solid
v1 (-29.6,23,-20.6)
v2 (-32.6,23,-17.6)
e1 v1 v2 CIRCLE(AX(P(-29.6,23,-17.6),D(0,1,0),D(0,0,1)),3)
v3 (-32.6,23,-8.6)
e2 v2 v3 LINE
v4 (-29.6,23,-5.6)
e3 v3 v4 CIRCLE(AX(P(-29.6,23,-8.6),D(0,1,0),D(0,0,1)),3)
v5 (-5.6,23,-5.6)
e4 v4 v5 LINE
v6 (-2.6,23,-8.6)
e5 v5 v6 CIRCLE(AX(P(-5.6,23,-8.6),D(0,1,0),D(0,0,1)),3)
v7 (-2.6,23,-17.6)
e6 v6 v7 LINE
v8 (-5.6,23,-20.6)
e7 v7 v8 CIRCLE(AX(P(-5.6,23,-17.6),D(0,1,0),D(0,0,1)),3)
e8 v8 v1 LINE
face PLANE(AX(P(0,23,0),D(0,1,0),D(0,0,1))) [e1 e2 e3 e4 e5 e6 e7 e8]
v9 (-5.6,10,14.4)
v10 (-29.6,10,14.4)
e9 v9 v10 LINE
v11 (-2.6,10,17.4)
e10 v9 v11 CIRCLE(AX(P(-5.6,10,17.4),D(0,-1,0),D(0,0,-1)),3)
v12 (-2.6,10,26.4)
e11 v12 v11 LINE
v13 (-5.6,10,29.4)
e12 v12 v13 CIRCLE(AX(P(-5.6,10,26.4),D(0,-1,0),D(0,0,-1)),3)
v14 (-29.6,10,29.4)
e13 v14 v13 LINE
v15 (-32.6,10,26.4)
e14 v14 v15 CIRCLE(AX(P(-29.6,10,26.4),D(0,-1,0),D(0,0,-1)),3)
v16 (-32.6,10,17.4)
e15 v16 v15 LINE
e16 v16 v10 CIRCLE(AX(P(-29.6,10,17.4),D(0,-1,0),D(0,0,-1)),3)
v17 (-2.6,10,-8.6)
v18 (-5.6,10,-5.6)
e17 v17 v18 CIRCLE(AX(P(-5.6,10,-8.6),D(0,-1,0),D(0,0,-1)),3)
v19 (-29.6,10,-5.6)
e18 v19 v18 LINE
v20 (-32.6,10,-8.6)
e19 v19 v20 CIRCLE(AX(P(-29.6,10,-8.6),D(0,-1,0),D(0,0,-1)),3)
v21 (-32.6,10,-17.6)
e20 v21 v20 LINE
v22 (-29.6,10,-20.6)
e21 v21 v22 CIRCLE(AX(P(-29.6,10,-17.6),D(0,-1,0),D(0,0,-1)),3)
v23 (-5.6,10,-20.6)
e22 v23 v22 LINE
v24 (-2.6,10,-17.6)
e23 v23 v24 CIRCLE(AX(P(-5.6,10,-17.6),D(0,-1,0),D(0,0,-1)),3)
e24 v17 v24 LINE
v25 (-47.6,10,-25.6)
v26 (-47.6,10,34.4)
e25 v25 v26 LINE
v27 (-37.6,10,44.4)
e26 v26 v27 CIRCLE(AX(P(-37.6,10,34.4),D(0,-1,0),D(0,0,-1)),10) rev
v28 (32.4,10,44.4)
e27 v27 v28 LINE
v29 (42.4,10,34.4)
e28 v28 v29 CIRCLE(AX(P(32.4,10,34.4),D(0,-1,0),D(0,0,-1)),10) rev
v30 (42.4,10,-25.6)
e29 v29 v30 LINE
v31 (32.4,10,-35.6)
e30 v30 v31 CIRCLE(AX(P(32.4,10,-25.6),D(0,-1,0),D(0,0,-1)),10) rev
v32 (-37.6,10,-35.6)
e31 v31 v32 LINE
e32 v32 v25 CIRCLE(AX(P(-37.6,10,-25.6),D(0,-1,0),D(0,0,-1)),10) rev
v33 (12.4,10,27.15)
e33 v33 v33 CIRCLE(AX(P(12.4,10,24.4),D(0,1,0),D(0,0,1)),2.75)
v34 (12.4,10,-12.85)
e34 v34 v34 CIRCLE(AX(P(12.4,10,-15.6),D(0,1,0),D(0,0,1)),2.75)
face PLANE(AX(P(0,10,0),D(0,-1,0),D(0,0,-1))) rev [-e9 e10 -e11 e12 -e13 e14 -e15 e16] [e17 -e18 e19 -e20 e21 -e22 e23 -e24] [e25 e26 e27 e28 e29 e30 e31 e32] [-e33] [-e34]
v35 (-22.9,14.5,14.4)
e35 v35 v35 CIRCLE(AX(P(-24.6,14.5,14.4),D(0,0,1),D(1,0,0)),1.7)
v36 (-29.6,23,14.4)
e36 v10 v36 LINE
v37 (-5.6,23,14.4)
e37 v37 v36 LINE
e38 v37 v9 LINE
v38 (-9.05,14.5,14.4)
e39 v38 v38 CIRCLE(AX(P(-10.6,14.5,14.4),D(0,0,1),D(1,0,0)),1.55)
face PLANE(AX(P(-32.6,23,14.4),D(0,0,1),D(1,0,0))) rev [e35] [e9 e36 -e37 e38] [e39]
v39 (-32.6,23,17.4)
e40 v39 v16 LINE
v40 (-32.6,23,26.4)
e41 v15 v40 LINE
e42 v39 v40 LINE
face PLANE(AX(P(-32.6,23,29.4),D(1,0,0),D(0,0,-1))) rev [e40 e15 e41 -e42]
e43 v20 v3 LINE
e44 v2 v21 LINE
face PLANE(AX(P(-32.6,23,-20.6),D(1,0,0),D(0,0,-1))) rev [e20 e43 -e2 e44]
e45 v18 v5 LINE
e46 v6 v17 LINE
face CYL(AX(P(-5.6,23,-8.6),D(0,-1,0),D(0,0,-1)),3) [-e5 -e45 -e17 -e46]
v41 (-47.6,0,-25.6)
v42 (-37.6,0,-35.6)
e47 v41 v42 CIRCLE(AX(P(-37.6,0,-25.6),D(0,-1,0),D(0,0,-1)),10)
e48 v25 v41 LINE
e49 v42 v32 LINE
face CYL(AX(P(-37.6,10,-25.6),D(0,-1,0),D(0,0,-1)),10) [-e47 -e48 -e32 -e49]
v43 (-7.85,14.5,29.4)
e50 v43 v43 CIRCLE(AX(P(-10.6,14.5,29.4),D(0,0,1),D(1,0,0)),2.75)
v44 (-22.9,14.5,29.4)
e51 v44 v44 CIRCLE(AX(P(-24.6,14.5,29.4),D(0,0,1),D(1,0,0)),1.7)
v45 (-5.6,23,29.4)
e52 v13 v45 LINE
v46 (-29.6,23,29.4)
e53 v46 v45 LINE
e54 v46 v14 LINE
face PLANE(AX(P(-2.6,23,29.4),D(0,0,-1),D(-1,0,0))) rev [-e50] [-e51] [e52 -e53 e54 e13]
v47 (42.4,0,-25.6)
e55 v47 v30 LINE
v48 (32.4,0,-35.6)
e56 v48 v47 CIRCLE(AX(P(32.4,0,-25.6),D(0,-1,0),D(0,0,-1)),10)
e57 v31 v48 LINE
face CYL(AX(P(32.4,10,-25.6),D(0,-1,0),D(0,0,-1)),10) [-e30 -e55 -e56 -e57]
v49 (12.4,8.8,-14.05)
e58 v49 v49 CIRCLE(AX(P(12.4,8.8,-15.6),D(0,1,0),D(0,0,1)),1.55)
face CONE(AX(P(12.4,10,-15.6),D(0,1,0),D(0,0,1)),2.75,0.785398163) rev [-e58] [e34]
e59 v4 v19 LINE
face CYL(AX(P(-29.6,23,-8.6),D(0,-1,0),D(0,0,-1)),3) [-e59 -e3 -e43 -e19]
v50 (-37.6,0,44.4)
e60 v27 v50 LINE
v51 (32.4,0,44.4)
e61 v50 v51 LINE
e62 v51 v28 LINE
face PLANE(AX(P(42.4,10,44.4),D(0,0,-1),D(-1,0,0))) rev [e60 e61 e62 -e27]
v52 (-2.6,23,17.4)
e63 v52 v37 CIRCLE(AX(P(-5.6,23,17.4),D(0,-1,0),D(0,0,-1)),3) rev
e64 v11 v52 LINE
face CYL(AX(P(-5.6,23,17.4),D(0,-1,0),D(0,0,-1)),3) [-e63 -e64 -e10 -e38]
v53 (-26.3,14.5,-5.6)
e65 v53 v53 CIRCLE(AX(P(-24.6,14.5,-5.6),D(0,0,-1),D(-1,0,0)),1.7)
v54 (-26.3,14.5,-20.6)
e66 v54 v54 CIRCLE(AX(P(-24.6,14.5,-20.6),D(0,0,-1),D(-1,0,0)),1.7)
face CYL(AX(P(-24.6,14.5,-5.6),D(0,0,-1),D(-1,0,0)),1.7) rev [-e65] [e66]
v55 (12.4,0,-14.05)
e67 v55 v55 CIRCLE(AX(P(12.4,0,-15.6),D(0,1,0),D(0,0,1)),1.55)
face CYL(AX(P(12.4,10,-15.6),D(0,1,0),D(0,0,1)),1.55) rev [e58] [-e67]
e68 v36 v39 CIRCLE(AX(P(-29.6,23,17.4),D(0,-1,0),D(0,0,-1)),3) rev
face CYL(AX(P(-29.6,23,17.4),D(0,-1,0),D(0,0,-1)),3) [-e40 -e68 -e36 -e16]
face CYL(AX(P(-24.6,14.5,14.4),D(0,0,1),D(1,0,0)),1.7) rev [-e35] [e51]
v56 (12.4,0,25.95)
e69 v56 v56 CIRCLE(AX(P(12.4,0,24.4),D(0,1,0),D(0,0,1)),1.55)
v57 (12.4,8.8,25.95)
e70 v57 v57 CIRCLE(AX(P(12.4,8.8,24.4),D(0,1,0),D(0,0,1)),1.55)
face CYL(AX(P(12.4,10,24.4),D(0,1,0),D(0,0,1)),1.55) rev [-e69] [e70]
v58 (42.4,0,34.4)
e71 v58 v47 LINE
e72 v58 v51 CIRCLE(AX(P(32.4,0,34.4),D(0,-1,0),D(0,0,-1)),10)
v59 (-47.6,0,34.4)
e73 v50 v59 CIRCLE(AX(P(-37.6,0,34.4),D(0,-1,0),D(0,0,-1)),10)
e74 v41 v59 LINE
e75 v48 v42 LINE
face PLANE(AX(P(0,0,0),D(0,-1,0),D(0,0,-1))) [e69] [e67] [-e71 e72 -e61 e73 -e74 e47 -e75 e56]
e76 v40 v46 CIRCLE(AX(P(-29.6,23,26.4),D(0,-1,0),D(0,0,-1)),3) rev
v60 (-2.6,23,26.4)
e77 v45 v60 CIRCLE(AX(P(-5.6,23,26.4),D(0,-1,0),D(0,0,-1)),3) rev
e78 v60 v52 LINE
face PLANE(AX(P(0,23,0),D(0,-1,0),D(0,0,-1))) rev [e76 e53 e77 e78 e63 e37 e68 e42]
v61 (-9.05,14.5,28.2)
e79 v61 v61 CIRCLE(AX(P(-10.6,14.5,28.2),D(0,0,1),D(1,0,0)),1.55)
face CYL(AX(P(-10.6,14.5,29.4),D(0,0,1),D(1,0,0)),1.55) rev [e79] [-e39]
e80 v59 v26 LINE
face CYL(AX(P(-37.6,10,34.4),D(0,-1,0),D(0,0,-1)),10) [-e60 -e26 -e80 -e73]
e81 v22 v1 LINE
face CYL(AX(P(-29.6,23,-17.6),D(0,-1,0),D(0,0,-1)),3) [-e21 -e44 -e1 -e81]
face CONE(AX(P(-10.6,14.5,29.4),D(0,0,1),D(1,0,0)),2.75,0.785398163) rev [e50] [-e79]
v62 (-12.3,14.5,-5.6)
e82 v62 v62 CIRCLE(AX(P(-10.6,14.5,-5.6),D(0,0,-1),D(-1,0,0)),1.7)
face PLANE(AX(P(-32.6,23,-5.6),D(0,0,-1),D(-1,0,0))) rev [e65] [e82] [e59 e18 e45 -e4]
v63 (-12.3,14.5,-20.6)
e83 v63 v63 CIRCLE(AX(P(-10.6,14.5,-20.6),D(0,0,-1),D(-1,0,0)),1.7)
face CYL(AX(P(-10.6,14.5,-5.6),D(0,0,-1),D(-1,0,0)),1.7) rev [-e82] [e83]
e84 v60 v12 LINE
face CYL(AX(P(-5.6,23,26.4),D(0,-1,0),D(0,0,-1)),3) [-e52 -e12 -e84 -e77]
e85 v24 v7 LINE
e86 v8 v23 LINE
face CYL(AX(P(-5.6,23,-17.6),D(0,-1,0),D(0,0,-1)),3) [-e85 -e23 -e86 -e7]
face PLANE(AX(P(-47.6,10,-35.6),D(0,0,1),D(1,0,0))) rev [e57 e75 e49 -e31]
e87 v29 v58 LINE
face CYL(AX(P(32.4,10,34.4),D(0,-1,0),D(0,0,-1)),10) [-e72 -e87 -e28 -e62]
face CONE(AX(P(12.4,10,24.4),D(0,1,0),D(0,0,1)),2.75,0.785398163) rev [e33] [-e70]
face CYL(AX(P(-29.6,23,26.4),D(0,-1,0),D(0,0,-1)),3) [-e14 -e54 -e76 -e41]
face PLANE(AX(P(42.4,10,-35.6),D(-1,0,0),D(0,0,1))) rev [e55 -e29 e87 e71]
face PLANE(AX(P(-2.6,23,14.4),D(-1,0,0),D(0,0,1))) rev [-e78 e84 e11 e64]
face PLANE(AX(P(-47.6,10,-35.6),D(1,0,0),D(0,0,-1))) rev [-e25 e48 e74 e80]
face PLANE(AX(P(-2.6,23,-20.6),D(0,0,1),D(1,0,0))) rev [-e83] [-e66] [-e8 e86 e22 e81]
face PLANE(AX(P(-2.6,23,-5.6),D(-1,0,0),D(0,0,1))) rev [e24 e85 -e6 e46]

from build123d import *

# Parameters (mm, degrees)
SCHIZZO1_W                               = 90
SCHIZZO1_H                               = 80
ESTRUSIONE_ESTRUSIONE1_DEPTH             = 10
RACCORDO1_R                              = 10
FORO_SVASATO_PER_VITE_M2_5_1_D           = 3.1
FORO_SVASATO_PER_VITE_M2_5_1_CSINK_D     = 5.5
FORO_SVASATO_PER_VITE_M2_5_1_CSINK_ANGLE = 90
SCHIZZO4_W                               = 30
SCHIZZO4_H                               = 15
ESTRUSIONE_ESTRUSIONE2_DEPTH             = 13
FORO_SVASATO_PER_VITE_M2_5_2_D           = 3.1
FORO_SVASATO_PER_VITE_M2_5_2_DEPTH       = 15
FORO_SVASATO_PER_VITE_M2_5_2_CSINK_D     = 5.5
FORO_SVASATO_PER_VITE_M2_5_2_CSINK_ANGLE = 90
FORO_SVASATO_PER_VITE_M2_5_2_TIP         = 0.931333959
RACCORDO2_R                              = 3
SCHIZZO5_R                               = 1.7
TAGLIO_ESTRUSIONE4_DEPTH                 = 15
TAGLIO_ESTRUSIONE5_START                 = -15
SCHIZZO6_R                               = 1.7
TAGLIO_ESTRUSIONE5_DEPTH                 = 15


with BuildPart() as part:
    # Schizzo1 → Estrusione-Estrusione1 (new body)
    with BuildSketch(Plane(origin=(0, 0, 0), x_dir=(1, 0, 0), z_dir=(0, 1, 0))):
        with Locations((-2.6, -4.4)):
            Rectangle(SCHIZZO1_W, SCHIZZO1_H)
    extrude(amount=ESTRUSIONE_ESTRUSIONE1_DEPTH)

    # Raccordo1
    raccordo1_edges = [part.edges().sort_by_distance(p)[0] for p in [
        (42.4, 5, -35.6),
        (42.4, 5, 44.4),
        (-47.6, 5, 44.4),
        (-47.6, 5, -35.6),
    ]]
    fillet(raccordo1_edges, radius=RACCORDO1_R)

    # Foro svasato per Vite M2.5-1 (through all)
    with Locations(Plane(origin=(12.4, 10, -15.6), x_dir=(0, 0, 1), z_dir=(0, 1, 0))):
        with Locations((0, 0), (40, 0)):
            CounterSinkHole(FORO_SVASATO_PER_VITE_M2_5_1_D / 2, FORO_SVASATO_PER_VITE_M2_5_1_CSINK_D / 2, counter_sink_angle=FORO_SVASATO_PER_VITE_M2_5_1_CSINK_ANGLE)

    # Schizzo4 → Estrusione-Estrusione2 (add)
    with BuildSketch(Plane(origin=(0, 10, 0), x_dir=(1, 0, 0), z_dir=(0, 1, 0))):
        with Locations((-17.6, 13.1)):
            Rectangle(SCHIZZO4_W, SCHIZZO4_H)
        with Locations((-17.6, -21.9)):
            Rectangle(SCHIZZO4_W, SCHIZZO4_H)
    extrude(amount=ESTRUSIONE_ESTRUSIONE2_DEPTH)

    # Foro svasato per Vite M2.5-2
    with Locations(Plane(origin=(-10.6, 14.5, 29.4), x_dir=(1, 0, 0), z_dir=(0, 0, 1))):
        with Locations((0, 0)):
            CounterSinkHole(FORO_SVASATO_PER_VITE_M2_5_2_D / 2, FORO_SVASATO_PER_VITE_M2_5_2_CSINK_D / 2, depth=FORO_SVASATO_PER_VITE_M2_5_2_DEPTH, counter_sink_angle=FORO_SVASATO_PER_VITE_M2_5_2_CSINK_ANGLE)
            with Locations((0, 0, -(FORO_SVASATO_PER_VITE_M2_5_2_DEPTH + FORO_SVASATO_PER_VITE_M2_5_2_TIP / 2))):  # 118° drill point
                Cone(0, FORO_SVASATO_PER_VITE_M2_5_2_D / 2, FORO_SVASATO_PER_VITE_M2_5_2_TIP, mode=Mode.SUBTRACT)

    # Raccordo2
    raccordo2_edges = [part.edges().sort_by_distance(p)[0] for p in [
        (-2.6, 16.5, -20.6),
        (-32.6, 16.5, -20.6),
        (-32.6, 16.5, -5.6),
        (-2.6, 16.5, -5.6),
        (-2.6, 16.5, 14.4),
        (-32.6, 16.5, 14.4),
        (-32.6, 16.5, 29.4),
        (-2.6, 16.5, 29.4),
    ]]
    fillet(raccordo2_edges, radius=RACCORDO2_R)

    # Schizzo5 → Taglio-Estrusione4 (cut)
    with BuildSketch(Plane(origin=(0, 0, -20.6), x_dir=(-1, 0, 0), z_dir=(0, 0, -1))):
        with Locations((10.6, 14.5)):
            Circle(SCHIZZO5_R)
        with Locations((24.6, 14.5)):
            Circle(SCHIZZO5_R)
    extrude(amount=-TAGLIO_ESTRUSIONE4_DEPTH, mode=Mode.SUBTRACT)

    # Schizzo6 → Taglio-Estrusione5 (cut)
    with BuildSketch(Plane.XY.offset(29.4).offset(TAGLIO_ESTRUSIONE5_START)):
        with Locations(Location((-24.6, 14.5, 0), (0, 0, 180))):
            Circle(SCHIZZO6_R)
    extrude(amount=TAGLIO_ESTRUSIONE5_DEPTH, mode=Mode.SUBTRACT)


solid = part.part
